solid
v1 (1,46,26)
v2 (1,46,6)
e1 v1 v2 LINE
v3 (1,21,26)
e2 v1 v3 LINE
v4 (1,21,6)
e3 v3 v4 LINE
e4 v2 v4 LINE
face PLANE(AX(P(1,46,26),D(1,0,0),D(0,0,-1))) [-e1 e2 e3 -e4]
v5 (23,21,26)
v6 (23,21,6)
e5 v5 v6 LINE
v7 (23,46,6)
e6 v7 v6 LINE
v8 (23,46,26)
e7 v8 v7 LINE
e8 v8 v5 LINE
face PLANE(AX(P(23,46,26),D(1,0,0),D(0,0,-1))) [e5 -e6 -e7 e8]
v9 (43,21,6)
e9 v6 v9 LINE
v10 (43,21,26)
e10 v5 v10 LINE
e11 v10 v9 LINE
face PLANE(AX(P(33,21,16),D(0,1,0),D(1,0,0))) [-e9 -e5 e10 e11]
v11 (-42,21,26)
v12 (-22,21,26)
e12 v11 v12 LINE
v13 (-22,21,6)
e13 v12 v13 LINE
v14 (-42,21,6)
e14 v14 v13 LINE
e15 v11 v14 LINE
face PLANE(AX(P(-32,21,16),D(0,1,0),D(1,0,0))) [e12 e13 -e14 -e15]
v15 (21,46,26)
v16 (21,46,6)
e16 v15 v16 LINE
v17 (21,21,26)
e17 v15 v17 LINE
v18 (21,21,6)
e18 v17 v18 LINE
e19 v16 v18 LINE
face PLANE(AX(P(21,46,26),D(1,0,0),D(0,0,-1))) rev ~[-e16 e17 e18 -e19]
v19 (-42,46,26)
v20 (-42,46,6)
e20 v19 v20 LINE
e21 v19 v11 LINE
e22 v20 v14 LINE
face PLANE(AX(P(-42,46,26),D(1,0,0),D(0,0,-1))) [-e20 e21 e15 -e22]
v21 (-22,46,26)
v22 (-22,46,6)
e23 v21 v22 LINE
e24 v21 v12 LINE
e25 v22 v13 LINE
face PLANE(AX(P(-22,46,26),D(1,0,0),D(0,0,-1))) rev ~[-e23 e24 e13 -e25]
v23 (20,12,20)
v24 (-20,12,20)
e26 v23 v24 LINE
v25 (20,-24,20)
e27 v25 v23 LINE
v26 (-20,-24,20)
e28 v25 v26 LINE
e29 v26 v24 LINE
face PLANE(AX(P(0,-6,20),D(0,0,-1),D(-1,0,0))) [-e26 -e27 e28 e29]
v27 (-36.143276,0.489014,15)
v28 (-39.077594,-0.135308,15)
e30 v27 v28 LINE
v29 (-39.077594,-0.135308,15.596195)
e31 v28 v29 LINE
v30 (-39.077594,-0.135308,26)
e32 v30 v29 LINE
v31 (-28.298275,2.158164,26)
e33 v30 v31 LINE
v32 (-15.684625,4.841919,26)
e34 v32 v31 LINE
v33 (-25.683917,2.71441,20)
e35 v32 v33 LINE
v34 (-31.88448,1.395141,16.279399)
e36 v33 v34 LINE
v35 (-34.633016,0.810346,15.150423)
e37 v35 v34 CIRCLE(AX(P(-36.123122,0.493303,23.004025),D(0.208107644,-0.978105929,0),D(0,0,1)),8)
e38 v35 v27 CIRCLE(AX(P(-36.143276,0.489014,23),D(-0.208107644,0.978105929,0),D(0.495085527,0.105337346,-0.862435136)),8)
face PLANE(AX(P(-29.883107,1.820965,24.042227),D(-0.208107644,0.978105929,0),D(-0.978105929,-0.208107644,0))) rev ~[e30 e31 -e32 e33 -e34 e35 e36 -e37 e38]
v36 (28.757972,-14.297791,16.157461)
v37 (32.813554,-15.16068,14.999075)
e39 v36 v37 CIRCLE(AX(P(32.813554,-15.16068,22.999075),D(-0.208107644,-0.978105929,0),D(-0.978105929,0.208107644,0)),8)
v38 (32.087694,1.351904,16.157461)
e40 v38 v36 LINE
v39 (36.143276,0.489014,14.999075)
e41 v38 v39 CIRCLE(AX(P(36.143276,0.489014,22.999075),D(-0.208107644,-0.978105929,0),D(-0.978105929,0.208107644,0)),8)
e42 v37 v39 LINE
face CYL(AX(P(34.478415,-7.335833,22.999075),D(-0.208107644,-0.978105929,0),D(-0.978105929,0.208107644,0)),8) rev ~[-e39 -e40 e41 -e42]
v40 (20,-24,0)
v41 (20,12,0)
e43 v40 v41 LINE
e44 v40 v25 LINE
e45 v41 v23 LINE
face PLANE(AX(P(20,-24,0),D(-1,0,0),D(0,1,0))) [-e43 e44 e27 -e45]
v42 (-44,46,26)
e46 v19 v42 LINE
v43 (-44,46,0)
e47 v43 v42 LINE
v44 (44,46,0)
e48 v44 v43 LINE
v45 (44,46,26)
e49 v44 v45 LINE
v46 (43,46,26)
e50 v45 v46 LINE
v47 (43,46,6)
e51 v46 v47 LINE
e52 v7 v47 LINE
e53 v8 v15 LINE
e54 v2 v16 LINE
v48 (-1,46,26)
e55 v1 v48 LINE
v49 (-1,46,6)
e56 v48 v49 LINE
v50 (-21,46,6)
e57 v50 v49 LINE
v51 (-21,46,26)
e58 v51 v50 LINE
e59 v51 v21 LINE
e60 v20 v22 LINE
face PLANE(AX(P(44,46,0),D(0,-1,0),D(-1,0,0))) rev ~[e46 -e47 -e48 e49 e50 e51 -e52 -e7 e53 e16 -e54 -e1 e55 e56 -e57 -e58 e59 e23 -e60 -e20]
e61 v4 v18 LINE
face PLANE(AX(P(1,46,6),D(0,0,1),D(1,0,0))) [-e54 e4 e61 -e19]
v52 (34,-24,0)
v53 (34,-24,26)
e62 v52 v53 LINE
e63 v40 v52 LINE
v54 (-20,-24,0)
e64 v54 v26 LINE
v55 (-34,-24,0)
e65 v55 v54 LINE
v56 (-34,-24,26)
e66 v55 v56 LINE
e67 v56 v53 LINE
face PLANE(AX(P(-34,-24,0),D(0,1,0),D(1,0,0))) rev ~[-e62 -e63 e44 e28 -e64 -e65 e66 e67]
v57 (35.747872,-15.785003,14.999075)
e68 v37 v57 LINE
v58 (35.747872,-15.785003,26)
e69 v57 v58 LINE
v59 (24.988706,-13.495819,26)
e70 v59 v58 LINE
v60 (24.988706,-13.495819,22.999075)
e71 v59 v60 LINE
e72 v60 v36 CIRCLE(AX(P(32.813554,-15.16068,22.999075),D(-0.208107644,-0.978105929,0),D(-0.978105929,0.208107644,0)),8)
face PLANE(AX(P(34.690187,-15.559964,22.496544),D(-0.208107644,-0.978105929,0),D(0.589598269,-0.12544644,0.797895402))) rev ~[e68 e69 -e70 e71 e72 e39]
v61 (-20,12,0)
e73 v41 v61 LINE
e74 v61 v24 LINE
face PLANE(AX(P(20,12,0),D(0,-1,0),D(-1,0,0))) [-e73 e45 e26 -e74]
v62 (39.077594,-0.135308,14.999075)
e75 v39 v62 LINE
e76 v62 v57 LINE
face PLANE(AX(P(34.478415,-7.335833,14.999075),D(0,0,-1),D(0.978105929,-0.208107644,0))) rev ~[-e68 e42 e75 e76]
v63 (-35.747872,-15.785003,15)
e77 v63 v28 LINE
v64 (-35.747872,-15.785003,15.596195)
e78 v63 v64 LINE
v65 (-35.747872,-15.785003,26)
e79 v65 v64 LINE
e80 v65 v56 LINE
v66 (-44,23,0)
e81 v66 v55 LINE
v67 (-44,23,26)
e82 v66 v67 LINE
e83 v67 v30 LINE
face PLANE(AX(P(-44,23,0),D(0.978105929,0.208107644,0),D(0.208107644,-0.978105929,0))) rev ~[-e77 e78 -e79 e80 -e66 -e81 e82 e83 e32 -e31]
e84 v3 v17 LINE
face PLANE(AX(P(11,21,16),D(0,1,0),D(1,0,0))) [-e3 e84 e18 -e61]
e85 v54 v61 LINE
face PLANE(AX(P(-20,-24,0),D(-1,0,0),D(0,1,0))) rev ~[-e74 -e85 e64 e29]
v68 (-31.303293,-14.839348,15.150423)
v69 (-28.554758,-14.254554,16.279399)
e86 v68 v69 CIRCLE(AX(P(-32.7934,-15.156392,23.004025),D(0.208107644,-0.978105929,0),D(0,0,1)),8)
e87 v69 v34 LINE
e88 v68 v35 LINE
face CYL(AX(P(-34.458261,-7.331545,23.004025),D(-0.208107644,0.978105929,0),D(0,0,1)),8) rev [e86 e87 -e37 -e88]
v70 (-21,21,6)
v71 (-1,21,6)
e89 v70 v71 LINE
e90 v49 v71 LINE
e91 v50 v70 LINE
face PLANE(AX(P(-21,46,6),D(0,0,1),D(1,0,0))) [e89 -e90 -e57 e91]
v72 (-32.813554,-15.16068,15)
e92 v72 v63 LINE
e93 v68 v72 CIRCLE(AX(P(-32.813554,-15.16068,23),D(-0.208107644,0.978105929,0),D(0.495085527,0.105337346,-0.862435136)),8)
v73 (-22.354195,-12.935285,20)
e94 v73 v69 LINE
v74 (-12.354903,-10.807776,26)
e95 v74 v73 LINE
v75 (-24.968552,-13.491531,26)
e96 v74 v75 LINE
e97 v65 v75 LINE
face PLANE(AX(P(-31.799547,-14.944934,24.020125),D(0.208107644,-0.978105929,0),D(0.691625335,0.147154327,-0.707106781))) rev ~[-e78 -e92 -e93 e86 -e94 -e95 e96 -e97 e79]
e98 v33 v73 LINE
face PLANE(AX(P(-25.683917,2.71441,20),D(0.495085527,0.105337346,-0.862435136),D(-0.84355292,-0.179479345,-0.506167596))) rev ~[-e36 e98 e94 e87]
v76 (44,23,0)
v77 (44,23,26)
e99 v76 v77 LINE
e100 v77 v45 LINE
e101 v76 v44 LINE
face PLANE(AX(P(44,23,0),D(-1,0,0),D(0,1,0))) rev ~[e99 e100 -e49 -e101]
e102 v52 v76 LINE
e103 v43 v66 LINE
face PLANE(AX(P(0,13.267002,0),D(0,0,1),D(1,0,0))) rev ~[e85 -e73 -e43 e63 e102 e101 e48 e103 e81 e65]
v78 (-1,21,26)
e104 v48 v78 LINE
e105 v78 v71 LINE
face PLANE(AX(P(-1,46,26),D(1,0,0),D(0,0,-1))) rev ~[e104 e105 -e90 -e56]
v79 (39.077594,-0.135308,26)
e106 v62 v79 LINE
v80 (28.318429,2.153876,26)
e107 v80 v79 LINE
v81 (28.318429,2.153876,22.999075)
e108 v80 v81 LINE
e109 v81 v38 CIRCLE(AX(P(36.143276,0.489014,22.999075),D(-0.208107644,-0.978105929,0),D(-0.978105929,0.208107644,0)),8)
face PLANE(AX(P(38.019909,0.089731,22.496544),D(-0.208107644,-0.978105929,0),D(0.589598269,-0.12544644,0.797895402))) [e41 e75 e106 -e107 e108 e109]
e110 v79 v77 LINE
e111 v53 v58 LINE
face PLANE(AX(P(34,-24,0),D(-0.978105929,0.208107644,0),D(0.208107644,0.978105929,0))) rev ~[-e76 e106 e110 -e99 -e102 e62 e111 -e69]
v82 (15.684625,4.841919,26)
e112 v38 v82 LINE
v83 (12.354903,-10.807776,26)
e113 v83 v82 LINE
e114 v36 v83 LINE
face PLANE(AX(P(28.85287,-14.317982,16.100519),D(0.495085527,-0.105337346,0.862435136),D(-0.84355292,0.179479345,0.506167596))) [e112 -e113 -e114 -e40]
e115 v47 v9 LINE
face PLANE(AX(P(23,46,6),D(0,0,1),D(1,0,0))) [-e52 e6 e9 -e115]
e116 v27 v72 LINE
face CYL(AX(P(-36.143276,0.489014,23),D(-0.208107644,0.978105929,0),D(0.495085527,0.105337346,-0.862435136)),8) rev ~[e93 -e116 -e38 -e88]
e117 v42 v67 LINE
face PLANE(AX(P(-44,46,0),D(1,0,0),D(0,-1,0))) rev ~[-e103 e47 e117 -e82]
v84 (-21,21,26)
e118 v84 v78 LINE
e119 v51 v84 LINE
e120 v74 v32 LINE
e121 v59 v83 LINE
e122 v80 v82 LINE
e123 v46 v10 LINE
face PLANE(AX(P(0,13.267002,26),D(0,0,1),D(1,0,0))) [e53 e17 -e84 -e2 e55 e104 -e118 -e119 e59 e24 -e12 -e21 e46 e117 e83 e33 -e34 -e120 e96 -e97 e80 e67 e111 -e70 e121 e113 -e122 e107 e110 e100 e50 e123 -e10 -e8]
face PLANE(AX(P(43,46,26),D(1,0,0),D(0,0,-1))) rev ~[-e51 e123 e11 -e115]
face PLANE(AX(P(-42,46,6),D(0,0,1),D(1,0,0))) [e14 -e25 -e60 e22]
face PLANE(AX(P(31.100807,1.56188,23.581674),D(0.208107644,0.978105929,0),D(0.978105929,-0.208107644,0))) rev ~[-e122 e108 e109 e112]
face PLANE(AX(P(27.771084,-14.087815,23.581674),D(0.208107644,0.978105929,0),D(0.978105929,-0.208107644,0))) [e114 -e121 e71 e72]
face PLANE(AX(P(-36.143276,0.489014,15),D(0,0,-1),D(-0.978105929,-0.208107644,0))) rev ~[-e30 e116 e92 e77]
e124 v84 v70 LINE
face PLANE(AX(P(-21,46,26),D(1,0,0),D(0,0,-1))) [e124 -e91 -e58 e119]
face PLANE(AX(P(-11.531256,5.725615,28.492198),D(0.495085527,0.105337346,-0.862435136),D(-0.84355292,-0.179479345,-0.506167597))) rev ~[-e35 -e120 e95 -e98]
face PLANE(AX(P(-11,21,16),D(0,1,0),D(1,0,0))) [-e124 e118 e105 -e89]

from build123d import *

# Parameters (mm, degrees)
EXTRUDE_1_DEPTH     = 26
SKETCH_3_W          = 40
SKETCH_3_H          = 36
CUT_EXTRUDE_4_DEPTH = 20
SKETCH_4_W          = 20
SKETCH_4_H          = 20
CUT_EXTRUDE_5_DEPTH = 25
CUT_EXTRUDE_3_DEPTH = 8
CUT_EXTRUDE_6_DEPTH = 8
CUT_EXTRUDE_7_DEPTH = 16
CUT_EXTRUDE_8_DEPTH = 16


with BuildPart() as part:
    # 草图1 → 凸台-拉伸1 (new body)
    with BuildSketch(Plane.XY):
        Polygon((-34, -24), (34, -24), (44, 23), (44, 46), (-44, 46), (-44, 23), align=None)
    extrude(amount=EXTRUDE_1_DEPTH)

    # 草图3 → 切除-拉伸4 (cut)
    with BuildSketch(Plane(origin=(0, 0, 0), x_dir=(-1, 0, 0), z_dir=(0, 0, -1))):
        with Locations((0, -6)):
            Rectangle(SKETCH_3_W, SKETCH_3_H)
    extrude(amount=-CUT_EXTRUDE_4_DEPTH, mode=Mode.SUBTRACT)

    # 草图4 → 切除-拉伸5 (cut)
    with BuildSketch(Plane(origin=(0, 46, 0), x_dir=(1, 0, 0), z_dir=(0, 1, 0))):
        with Locations((33, -16)):
            Rectangle(SKETCH_4_W, SKETCH_4_H)
        with Locations((11, -16)):
            Rectangle(SKETCH_4_W, SKETCH_4_H)
        with Locations((-11, -16)):
            Rectangle(SKETCH_4_W, SKETCH_4_H)
        with Locations((-32, -16)):
            Rectangle(SKETCH_4_W, SKETCH_4_H)
    extrude(amount=-CUT_EXTRUDE_5_DEPTH, mode=Mode.SUBTRACT)

    # Sketch 3D_5 → 切除-拉伸3 (cut, symmetric)
    with BuildSketch(Plane(origin=(-26.633413551, -5.666683734, 23.004025099), x_dir=(-0.691625335103945, -0.14715432661786076, 0.7071067811865475), z_dir=(-0.2081076444648591, 0.9781059289848354, 0))):
        with BuildLine():
            Line((0, 0), (5.656854249, 5.656854249))
            Line((5.656854249, 5.656854249), (11.313708499, 0))
            ThreePointArc((11.313708499, 0), (5.656854249, -13.656854249), (0, 0))
        make_face()
    extrude(amount=CUT_EXTRUDE_3_DEPTH, both=True, mode=Mode.SUBTRACT)

    # Sketch 3D_6 → 切除-拉伸6 (cut, symmetric)
    with BuildSketch(Plane(origin=(34.478414998, -7.335832978, 14.99907516), x_dir=(0.5895982688198705, -0.12544644017993214, 0.7978954016979886), z_dir=(-0.20810764446495697, -0.9781059289848145, -6.6559639472978385e-12))):
        with BuildLine():
            Line((0, 0), (6.376045072, -8.439700449))
            Line((6.376045072, -8.439700449), (17.547318622, 0))
            Line((17.547318622, 0), (11.17127355, 8.439700449))
            Line((11.17127355, 8.439700449), (6.348906145, 14.822863662))
            Line((6.348906145, 14.822863662), (1.560795809, 11.205530619))
            ThreePointArc((1.560795809, 11.205530619), (-1.540343474, 5.926016705), (0, 0))
        make_face()
    extrude(amount=CUT_EXTRUDE_6_DEPTH, both=True, mode=Mode.SUBTRACT)

    # 草图7 → 切除-拉伸7 (cut)
    with BuildSketch(Plane(origin=(-1.664861156, 7.824847432, 0), x_dir=(0.9781059289848355, 0.2081076444648587, 0), z_dir=(0.2081076444648587, -0.9781059289848355, 0))):
        with BuildLine():
            Line((-24.556702047, 20), (-31.200844281, 16.10051891))
            ThreePointArc((-31.200844281, 16.10051891), (-33.152072653, 15.280030806), (-35.250185053, 15))
            Line((-35.250185053, 15), (-43.250185053, 15))
            Line((-43.250185053, 15), (-43.250185053, 23))
            ThreePointArc((-43.250185053, 23), (-40.3181561, 29.189965223), (-33.671267687, 30.842641134))
            Line((-33.671267687, 30.842641134), (-10.087245225, 28.492198282))
            Line((-10.087245225, 28.492198282), (-24.556702047, 20))
        make_face()
    extrude(amount=CUT_EXTRUDE_7_DEPTH, mode=Mode.SUBTRACT)

    # 草图11 → 切除-拉伸8 (cut)
    with BuildSketch(Plane(origin=(-1.664861156, -7.824847432, 0), x_dir=(0.9781059289845859, -0.2081076444660318, -1.1269708570671002e-12), z_dir=(0.20810764446603178, 0.9781059289845858, 5.296763028184159e-12))):
        with BuildLine():
            Line((31.200844283, -16.100518909), (14.333584528, -26))
            Line((14.333584528, -26), (32.666556858, -30.571318601))
            ThreePointArc((32.666556858, -30.571318601), (42.196349228, -26.968728166), (40.460809076, -16.92962956))
            Line((40.460809076, -16.92962956), (38.250185053, -14.99907516))
            Line((38.250185053, -14.99907516), (35.250185053, -15))
            ThreePointArc((35.250185053, -15), (33.152072655, -15.280030806), (31.200844283, -16.100518909))
        make_face()
    extrude(amount=CUT_EXTRUDE_8_DEPTH, mode=Mode.SUBTRACT)


solid = part.part
